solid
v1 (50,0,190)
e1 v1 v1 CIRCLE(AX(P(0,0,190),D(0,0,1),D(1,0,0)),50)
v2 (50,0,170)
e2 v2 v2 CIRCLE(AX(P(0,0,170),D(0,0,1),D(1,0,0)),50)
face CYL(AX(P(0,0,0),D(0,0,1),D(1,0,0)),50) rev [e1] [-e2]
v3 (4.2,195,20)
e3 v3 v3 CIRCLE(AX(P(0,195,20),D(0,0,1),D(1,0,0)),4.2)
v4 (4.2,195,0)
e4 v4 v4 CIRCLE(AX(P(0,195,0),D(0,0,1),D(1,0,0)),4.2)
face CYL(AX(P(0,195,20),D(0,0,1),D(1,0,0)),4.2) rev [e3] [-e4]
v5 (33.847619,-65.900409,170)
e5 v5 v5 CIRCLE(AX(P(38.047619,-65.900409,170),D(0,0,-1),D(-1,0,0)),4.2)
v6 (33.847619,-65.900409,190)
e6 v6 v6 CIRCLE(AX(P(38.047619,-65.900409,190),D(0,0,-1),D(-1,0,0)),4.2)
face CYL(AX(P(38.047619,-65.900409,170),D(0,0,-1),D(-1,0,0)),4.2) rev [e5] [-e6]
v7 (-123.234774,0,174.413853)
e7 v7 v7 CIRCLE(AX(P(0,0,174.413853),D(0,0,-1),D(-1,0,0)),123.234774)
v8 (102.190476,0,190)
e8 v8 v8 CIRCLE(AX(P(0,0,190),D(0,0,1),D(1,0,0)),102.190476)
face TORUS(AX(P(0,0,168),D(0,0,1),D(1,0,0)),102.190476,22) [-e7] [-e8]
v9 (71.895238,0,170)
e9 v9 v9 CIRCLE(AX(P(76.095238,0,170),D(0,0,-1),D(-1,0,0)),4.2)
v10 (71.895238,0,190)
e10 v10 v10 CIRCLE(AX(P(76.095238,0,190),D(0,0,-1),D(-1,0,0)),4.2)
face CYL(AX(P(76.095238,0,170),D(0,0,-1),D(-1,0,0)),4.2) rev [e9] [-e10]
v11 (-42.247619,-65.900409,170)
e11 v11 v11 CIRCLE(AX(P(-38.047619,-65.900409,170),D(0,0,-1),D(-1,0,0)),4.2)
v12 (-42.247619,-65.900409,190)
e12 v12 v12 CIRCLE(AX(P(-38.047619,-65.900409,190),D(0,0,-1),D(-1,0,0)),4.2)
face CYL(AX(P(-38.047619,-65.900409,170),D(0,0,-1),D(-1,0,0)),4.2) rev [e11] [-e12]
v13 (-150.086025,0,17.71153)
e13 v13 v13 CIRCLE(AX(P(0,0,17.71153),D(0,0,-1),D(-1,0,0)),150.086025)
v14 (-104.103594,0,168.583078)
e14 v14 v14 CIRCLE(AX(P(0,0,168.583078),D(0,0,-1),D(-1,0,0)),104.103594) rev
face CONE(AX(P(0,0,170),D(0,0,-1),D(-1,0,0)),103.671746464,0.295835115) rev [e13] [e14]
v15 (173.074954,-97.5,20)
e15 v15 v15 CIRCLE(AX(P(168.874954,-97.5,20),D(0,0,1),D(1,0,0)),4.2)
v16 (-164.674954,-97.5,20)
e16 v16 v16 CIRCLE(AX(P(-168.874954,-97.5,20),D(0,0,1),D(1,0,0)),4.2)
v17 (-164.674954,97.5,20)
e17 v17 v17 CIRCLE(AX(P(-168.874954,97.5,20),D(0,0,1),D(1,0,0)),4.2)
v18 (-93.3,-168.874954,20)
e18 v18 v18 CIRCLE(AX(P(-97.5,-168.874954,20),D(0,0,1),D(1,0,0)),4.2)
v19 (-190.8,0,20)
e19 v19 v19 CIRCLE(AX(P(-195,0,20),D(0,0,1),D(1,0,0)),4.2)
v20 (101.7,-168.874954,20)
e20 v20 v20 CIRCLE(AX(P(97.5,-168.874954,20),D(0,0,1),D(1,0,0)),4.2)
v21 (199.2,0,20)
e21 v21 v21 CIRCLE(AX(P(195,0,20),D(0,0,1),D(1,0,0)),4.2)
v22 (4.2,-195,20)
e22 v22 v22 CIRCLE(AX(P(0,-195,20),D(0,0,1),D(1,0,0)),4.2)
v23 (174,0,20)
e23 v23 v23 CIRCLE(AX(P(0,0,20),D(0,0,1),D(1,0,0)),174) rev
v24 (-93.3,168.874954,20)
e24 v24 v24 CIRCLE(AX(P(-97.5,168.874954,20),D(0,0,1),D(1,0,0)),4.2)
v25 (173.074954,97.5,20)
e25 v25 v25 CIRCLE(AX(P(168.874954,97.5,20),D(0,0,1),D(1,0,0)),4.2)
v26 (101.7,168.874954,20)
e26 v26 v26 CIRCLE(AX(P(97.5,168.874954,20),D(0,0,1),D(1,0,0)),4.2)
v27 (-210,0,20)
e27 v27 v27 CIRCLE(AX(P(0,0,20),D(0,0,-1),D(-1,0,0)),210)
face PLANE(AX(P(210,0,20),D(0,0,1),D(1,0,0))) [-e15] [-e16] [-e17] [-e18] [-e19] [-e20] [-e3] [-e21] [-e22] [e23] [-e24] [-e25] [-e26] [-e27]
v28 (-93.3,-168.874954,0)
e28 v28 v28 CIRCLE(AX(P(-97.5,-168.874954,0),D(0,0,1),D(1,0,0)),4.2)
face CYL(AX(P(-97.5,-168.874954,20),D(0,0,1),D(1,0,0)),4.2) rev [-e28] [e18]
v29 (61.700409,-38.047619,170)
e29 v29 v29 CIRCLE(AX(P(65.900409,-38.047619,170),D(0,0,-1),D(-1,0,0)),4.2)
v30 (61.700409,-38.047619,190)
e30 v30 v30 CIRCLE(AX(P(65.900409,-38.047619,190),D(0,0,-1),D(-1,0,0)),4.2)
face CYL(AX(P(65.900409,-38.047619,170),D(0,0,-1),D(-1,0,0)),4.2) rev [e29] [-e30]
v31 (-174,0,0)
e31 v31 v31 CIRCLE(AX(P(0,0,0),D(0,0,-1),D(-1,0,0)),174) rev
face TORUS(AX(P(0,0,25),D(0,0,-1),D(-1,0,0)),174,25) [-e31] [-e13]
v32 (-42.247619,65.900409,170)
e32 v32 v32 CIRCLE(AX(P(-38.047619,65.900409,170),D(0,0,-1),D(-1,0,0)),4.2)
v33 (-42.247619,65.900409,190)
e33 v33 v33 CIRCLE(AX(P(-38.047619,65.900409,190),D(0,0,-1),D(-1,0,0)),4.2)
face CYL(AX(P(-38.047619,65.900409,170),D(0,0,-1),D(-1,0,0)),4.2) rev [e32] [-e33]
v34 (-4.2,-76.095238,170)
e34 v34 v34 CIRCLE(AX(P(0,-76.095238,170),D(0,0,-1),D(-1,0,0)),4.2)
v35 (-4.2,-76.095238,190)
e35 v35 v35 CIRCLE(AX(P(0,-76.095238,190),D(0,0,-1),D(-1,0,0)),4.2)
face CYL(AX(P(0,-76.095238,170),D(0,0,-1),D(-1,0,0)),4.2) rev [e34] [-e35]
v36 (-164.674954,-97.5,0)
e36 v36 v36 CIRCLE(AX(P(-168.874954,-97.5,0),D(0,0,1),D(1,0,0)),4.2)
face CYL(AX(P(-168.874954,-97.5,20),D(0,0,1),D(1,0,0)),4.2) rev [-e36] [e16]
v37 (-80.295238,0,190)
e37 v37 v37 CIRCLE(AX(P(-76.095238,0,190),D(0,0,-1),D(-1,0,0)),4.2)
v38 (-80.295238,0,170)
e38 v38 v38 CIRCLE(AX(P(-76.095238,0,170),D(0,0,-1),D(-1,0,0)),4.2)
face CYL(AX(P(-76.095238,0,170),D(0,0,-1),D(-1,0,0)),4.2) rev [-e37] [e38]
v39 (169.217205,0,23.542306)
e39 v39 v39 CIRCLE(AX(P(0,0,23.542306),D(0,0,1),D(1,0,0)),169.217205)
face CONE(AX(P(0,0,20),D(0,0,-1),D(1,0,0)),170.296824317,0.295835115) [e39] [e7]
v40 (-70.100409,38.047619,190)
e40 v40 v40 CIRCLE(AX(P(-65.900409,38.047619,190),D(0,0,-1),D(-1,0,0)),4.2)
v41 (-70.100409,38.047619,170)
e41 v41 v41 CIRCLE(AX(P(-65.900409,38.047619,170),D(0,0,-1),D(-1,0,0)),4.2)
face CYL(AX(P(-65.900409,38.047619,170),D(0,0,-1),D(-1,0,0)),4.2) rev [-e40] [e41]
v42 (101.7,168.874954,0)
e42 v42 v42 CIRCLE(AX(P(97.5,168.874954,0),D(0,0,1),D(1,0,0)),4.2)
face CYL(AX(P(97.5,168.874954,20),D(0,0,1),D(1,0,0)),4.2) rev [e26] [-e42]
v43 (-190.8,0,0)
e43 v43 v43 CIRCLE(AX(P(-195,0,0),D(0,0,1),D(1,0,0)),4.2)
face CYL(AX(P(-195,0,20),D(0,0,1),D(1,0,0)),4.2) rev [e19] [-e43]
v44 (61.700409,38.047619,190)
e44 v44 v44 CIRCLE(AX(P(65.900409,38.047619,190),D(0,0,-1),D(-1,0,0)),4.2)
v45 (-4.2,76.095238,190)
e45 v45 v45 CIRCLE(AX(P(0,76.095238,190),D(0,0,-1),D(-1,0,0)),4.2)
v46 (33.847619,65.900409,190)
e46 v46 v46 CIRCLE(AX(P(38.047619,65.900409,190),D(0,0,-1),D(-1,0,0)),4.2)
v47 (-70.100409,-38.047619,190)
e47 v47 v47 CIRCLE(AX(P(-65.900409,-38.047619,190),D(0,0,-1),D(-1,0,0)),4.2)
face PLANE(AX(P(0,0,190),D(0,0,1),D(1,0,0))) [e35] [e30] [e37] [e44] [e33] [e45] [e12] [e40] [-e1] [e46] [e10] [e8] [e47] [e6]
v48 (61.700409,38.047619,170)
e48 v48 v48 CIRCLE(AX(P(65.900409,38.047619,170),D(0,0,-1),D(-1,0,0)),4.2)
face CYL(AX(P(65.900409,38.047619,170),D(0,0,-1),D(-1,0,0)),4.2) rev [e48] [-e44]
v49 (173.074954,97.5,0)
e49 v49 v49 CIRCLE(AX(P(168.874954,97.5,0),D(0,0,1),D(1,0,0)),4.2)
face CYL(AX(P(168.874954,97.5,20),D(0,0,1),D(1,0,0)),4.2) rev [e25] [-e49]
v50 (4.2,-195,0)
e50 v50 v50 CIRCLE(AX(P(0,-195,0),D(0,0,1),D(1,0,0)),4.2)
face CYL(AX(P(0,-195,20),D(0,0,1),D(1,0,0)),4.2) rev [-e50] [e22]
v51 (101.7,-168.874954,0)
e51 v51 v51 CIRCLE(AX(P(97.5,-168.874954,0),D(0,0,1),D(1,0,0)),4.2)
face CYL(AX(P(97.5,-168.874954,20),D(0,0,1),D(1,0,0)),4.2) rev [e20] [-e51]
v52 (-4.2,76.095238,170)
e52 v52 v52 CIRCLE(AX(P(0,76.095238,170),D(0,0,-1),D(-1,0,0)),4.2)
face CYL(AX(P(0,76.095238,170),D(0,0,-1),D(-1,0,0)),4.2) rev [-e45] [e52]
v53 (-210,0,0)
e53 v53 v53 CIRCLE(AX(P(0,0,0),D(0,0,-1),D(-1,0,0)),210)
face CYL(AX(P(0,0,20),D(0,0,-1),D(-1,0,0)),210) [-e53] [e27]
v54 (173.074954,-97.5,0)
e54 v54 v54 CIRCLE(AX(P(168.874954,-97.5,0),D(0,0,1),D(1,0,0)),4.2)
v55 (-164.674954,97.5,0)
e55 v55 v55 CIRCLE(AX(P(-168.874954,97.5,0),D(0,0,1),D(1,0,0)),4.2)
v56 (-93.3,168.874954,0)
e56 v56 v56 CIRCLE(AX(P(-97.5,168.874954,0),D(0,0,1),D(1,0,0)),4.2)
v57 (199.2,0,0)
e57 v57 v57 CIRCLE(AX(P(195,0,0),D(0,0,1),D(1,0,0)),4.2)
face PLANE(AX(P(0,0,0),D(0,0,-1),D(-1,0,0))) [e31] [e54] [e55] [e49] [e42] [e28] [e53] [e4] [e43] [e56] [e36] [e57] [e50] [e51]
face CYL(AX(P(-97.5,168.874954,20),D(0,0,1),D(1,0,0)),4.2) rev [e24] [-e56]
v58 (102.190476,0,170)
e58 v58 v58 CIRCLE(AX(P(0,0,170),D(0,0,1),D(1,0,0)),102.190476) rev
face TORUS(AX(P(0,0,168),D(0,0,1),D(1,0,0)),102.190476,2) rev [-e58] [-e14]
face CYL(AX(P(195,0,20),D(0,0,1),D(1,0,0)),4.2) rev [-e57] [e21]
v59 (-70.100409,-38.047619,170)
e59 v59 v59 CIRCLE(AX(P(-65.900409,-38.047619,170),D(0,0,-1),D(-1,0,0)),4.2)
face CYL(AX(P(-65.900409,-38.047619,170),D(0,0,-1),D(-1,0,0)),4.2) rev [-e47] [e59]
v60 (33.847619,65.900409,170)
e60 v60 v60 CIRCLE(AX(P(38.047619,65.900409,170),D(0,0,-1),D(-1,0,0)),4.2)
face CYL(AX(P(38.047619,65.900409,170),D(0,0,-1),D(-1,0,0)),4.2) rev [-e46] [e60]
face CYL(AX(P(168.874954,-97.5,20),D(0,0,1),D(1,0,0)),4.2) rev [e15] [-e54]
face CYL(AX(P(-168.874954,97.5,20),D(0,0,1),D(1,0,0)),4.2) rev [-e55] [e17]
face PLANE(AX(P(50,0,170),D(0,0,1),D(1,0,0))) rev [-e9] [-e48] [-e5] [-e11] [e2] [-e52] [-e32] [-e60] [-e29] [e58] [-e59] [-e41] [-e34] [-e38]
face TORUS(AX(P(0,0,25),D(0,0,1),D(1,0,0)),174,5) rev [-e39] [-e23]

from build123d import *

# Parameters (mm, degrees)
SKETCH1_W                  = 210
SKETCH1_H                  = 20
SKETCH2_R                  = 170.296824317
BOSS_EXTRUDE1_DEPTH        = 170
BOSS_EXTRUDE1_TAPER        = 16.950103548
F_8_4_8_4_DIAMETER_HOLE1_D = 8.4
F_8_4_8_4_DIAMETER_HOLE2_D = 8.4
FILLET1_R                  = 2
FILLET2_R                  = 5
FILLET3_R                  = 22
FILLET4_R                  = 25


with BuildPart() as part:
    # Sketch1 → Revolve1 (revolve)
    with BuildSketch(Plane.XZ, mode=Mode.PRIVATE) as revolve1_sk:
        with Locations((105, 10)):
            Rectangle(SKETCH1_W, SKETCH1_H)
    revolve(revolve1_sk.sketch.rotate(Axis((0, 0, 20), (0, 0, -1)), 180), axis=Axis((0, 0, 20), (0, 0, -1)))

    # Sketch2 → Boss-Extrude1 (add)
    with BuildSketch(Plane.XY.offset(20)):
        Circle(SKETCH2_R)
    extrude(amount=BOSS_EXTRUDE1_DEPTH, taper=BOSS_EXTRUDE1_TAPER)

    # Sketch3 → Cut-Revolve1 (revolve, cut)
    with BuildSketch(Plane(origin=(0, 0, 0), x_dir=(1, 0, 0), z_dir=(0, 1, 0))):
        Polygon((155.484121585, 0), (0, 0), (0, -190), (50, -190), (50, -170), (103.671746464, -170), align=None)
    revolve(axis=Axis((0, 0, 0), (0, 0, 1)), mode=Mode.SUBTRACT)

    # Ø8.4 (8.4) Diameter Hole1 (through all)
    with Locations(Plane.XY.offset(20)):
        with Locations((0, 195), (97.5, 168.874953738), (168.874953738, 97.5), (195, 0), (168.874953738, -97.5), (97.5, -168.874953738), (0, -195), (-97.5, -168.874953738), (-168.874953738, -97.5), (-195, 0), (-168.874953738, 97.5), (-97.5, 168.874953738)):
            Hole(F_8_4_8_4_DIAMETER_HOLE1_D / 2)

    # Ø8.4 (8.4) Diameter Hole2 (through all)
    with Locations(Plane(origin=(0, 0, 170), x_dir=(-1, 0, 0), z_dir=(0, 0, -1))):
        with Locations((0, 76.095238095), (38.047619048, 65.900409298), (65.900409298, 38.047619048), (76.095238095, 0), (65.900409298, -38.047619048), (38.047619048, -65.900409298), (0, -76.095238095), (-38.047619048, -65.900409298), (-65.900409298, -38.047619048), (-76.095238095, 0), (-65.900409298, 38.047619048), (-38.047619048, 65.900409298)):
            Hole(F_8_4_8_4_DIAMETER_HOLE2_D / 2)

    # Fillet1
    fillet1_edges = [part.edges().sort_by_distance(p)[0] for p in [
        (-103.671746464, 0, 170),
    ]]
    fillet(fillet1_edges, radius=FILLET1_R)

    # Fillet2
    fillet2_edges = [part.edges().sort_by_distance(p)[0] for p in [
        (-170.296824317, 0, 20),
    ]]
    fillet(fillet2_edges, radius=FILLET2_R)

    # Fillet3
    fillet3_edges = [part.edges().sort_by_distance(p)[0] for p in [
        (-118.484449196, 0, 190),
    ]]
    fillet(fillet3_edges, radius=FILLET3_R)

    # Fillet4
    fillet4_edges = [part.edges().sort_by_distance(p)[0] for p in [
        (-155.484121585, 0, 0),
    ]]
    fillet(fillet4_edges, radius=FILLET4_R)


solid = part.part
